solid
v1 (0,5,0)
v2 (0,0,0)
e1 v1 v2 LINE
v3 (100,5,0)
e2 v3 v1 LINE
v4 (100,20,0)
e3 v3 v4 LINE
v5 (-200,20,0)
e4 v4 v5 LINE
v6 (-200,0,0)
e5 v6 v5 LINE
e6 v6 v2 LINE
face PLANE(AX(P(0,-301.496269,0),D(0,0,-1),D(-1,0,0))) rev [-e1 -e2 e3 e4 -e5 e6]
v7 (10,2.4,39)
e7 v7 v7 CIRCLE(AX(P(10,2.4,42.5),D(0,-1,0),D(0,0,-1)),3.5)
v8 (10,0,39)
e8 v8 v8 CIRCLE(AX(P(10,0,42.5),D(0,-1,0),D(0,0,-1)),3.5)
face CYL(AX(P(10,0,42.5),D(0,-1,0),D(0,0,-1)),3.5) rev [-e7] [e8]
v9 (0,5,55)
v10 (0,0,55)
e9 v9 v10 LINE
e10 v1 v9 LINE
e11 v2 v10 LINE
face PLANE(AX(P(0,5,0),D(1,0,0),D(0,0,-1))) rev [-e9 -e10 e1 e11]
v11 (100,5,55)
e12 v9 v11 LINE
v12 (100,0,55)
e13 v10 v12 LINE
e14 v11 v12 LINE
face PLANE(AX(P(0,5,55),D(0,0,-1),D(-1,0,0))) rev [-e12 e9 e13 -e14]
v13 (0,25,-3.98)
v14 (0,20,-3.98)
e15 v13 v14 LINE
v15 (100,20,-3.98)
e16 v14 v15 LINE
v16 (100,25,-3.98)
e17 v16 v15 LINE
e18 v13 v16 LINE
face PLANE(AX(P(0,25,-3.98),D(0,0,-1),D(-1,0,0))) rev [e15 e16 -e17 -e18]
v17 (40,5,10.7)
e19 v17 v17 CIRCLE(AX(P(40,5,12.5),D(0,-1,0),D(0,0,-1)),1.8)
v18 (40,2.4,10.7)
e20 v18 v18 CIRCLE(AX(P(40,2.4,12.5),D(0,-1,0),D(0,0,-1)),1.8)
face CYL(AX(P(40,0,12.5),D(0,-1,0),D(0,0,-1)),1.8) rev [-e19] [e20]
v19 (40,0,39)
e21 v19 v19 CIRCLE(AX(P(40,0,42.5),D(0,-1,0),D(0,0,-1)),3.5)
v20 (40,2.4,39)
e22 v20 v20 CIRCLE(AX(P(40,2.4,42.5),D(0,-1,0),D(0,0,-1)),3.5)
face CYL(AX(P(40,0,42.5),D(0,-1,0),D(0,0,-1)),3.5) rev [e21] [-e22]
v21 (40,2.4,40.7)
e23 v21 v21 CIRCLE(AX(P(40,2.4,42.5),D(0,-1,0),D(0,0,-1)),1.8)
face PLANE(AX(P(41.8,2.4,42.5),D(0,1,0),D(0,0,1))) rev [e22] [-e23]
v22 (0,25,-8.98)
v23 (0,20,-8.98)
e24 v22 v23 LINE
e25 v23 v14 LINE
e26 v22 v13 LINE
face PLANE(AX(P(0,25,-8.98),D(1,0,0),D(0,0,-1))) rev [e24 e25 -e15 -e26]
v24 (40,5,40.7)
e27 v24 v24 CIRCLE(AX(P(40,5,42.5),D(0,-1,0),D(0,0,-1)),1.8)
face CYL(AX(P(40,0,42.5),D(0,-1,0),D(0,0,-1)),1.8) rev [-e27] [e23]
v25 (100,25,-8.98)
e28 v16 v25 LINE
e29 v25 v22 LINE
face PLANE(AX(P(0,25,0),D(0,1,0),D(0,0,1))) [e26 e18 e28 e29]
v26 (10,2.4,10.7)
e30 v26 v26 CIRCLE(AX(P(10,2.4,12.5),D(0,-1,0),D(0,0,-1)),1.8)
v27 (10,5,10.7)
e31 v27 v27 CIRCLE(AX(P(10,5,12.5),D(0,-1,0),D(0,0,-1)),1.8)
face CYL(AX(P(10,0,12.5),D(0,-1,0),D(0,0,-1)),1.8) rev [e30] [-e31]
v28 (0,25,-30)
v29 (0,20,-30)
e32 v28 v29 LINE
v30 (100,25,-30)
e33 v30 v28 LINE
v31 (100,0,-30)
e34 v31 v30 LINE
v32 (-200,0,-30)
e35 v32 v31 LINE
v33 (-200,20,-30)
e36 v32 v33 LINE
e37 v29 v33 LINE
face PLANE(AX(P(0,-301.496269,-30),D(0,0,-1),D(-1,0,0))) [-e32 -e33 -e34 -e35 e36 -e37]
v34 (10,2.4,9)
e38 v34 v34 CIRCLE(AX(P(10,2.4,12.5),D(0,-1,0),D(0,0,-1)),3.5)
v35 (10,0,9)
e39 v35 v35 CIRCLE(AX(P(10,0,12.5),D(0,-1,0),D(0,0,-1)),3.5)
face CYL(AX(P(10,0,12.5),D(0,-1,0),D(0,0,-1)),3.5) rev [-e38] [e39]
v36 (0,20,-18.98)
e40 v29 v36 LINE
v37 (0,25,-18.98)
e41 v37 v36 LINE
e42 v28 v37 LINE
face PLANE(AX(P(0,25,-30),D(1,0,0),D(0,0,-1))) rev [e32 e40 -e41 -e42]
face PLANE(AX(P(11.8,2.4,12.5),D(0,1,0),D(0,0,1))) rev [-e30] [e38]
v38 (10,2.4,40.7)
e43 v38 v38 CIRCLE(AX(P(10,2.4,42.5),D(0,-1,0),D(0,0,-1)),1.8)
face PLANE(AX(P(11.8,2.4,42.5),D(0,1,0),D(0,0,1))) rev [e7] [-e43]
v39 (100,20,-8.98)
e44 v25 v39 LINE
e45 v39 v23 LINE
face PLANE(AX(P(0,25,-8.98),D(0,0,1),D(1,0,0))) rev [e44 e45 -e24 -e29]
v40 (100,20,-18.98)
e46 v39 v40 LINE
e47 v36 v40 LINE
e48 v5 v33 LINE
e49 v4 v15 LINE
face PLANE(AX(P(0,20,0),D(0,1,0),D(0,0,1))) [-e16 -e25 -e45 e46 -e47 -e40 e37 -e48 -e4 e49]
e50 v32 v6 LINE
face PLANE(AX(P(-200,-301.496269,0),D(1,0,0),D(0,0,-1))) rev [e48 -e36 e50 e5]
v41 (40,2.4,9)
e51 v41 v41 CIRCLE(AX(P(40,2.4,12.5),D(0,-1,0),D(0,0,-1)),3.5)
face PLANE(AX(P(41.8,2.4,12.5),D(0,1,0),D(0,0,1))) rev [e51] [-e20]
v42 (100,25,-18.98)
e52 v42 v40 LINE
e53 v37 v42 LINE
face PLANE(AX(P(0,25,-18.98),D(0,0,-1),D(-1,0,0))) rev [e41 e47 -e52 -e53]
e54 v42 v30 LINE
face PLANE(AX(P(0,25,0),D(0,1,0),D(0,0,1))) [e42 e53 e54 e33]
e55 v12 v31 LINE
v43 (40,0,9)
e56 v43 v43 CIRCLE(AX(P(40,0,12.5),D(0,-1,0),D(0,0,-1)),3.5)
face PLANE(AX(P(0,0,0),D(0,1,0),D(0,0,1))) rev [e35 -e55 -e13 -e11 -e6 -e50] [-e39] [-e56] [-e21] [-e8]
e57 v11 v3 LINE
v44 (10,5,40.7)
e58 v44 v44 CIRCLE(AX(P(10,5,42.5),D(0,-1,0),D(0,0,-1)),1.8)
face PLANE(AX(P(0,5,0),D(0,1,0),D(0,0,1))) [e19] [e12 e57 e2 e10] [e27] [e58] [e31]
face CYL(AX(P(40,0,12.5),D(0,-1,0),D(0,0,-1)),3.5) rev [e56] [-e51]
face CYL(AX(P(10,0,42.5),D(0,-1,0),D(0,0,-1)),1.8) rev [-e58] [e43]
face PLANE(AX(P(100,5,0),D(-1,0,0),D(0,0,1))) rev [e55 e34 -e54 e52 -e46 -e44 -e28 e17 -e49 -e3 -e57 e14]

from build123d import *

# Parameters (mm, degrees)
SKETCH1_W                                        = 100
SKETCH1_H                                        = 55
BOSS_EXTRUDE1_DEPTH                              = 5
CBORE_FOR_M3_PAN_HEAD_MACHINE_SCREW1_D           = 3.6
CBORE_FOR_M3_PAN_HEAD_MACHINE_SCREW1_CBORE_D     = 7
CBORE_FOR_M3_PAN_HEAD_MACHINE_SCREW1_CBORE_DEPTH = 2.4
MIRROR1_AT_THE_SECOND_PLANE_COPY_1_D             = 3.6
MIRROR1_AT_THE_SECOND_PLANE_COPY_1_CBORE_D       = 7
MIRROR1_AT_THE_SECOND_PLANE_COPY_1_CBORE_DEPTH   = 2.4
BOSS_EXTRUDE3_DEPTH                              = 15
BOSS_EXTRUDE3_DEPTH_BACK                         = 5
SKETCH11_W                                       = 100
SKETCH11_H                                       = 11.02
SKETCH11_H_2                                     = 5
BOSS_EXTRUDE5_DEPTH                              = 5


with BuildPart() as part:
    # Sketch1 → Boss-Extrude1 (new body)
    with BuildSketch(Plane(origin=(0, 0, 0), x_dir=(1, 0, 0), z_dir=(0, 1, 0))):
        with Locations((50, -27.5)):
            Rectangle(SKETCH1_W, SKETCH1_H)
    extrude(amount=BOSS_EXTRUDE1_DEPTH)

    # CBORE for M3 Pan Head Machine Screw1 (through all)
    with Locations(Plane(origin=(0, 0, 0), x_dir=(-1, 0, 0), z_dir=(0, -1, 0))):
        with Locations((-10, -12.5)):
            cbore_for_m3_pan_head_machine_screw1 = CounterBoreHole(CBORE_FOR_M3_PAN_HEAD_MACHINE_SCREW1_D / 2, CBORE_FOR_M3_PAN_HEAD_MACHINE_SCREW1_CBORE_D / 2, CBORE_FOR_M3_PAN_HEAD_MACHINE_SCREW1_CBORE_DEPTH)

    # Mirror1: CBORE for M3 Pan Head Machine Screw1 across plane
    add(cbore_for_m3_pan_head_machine_screw1.mirror(Plane.XY.offset(27.5)), mode=Mode.SUBTRACT)

    # Mirror1 at the second plane: CBORE for M3 Pan Head Machine Screw1 across plane
    add(cbore_for_m3_pan_head_machine_screw1.mirror(Plane.ZY.offset(-25)), mode=Mode.SUBTRACT)

    # Mirror1 at the second plane copy 1 (through all)
    with Locations(Plane(origin=(50, 0, 55), x_dir=(1, 0, 0), z_dir=(0, -1, 0))):
        with Locations((-10, -12.5)):
            CounterBoreHole(MIRROR1_AT_THE_SECOND_PLANE_COPY_1_D / 2, MIRROR1_AT_THE_SECOND_PLANE_COPY_1_CBORE_D / 2, MIRROR1_AT_THE_SECOND_PLANE_COPY_1_CBORE_DEPTH)

    # Sketch9 → Boss-Extrude3 (add, two sides: drawn at the far end of the back side and taken through both)
    with BuildSketch(Plane(origin=(0, 5, 0), x_dir=(1, 0, 0), z_dir=(0, 1, 0)).offset(-BOSS_EXTRUDE3_DEPTH_BACK)):
        Polygon((-200, 0), (50, 0), (100, 0), (100, 30), (-200, 30), align=None)
    extrude(amount=BOSS_EXTRUDE3_DEPTH + BOSS_EXTRUDE3_DEPTH_BACK)

    # Sketch11 → Boss-Extrude5 (add)
    with BuildSketch(Plane(origin=(0, 20, 0), x_dir=(1, 0, 0), z_dir=(0, 1, 0))):
        with Locations((50, 24.49)):
            Rectangle(SKETCH11_W, SKETCH11_H)
        with Locations((50, 6.48)):
            Rectangle(SKETCH11_W, SKETCH11_H_2)
    extrude(amount=BOSS_EXTRUDE5_DEPTH)


solid = part.part
